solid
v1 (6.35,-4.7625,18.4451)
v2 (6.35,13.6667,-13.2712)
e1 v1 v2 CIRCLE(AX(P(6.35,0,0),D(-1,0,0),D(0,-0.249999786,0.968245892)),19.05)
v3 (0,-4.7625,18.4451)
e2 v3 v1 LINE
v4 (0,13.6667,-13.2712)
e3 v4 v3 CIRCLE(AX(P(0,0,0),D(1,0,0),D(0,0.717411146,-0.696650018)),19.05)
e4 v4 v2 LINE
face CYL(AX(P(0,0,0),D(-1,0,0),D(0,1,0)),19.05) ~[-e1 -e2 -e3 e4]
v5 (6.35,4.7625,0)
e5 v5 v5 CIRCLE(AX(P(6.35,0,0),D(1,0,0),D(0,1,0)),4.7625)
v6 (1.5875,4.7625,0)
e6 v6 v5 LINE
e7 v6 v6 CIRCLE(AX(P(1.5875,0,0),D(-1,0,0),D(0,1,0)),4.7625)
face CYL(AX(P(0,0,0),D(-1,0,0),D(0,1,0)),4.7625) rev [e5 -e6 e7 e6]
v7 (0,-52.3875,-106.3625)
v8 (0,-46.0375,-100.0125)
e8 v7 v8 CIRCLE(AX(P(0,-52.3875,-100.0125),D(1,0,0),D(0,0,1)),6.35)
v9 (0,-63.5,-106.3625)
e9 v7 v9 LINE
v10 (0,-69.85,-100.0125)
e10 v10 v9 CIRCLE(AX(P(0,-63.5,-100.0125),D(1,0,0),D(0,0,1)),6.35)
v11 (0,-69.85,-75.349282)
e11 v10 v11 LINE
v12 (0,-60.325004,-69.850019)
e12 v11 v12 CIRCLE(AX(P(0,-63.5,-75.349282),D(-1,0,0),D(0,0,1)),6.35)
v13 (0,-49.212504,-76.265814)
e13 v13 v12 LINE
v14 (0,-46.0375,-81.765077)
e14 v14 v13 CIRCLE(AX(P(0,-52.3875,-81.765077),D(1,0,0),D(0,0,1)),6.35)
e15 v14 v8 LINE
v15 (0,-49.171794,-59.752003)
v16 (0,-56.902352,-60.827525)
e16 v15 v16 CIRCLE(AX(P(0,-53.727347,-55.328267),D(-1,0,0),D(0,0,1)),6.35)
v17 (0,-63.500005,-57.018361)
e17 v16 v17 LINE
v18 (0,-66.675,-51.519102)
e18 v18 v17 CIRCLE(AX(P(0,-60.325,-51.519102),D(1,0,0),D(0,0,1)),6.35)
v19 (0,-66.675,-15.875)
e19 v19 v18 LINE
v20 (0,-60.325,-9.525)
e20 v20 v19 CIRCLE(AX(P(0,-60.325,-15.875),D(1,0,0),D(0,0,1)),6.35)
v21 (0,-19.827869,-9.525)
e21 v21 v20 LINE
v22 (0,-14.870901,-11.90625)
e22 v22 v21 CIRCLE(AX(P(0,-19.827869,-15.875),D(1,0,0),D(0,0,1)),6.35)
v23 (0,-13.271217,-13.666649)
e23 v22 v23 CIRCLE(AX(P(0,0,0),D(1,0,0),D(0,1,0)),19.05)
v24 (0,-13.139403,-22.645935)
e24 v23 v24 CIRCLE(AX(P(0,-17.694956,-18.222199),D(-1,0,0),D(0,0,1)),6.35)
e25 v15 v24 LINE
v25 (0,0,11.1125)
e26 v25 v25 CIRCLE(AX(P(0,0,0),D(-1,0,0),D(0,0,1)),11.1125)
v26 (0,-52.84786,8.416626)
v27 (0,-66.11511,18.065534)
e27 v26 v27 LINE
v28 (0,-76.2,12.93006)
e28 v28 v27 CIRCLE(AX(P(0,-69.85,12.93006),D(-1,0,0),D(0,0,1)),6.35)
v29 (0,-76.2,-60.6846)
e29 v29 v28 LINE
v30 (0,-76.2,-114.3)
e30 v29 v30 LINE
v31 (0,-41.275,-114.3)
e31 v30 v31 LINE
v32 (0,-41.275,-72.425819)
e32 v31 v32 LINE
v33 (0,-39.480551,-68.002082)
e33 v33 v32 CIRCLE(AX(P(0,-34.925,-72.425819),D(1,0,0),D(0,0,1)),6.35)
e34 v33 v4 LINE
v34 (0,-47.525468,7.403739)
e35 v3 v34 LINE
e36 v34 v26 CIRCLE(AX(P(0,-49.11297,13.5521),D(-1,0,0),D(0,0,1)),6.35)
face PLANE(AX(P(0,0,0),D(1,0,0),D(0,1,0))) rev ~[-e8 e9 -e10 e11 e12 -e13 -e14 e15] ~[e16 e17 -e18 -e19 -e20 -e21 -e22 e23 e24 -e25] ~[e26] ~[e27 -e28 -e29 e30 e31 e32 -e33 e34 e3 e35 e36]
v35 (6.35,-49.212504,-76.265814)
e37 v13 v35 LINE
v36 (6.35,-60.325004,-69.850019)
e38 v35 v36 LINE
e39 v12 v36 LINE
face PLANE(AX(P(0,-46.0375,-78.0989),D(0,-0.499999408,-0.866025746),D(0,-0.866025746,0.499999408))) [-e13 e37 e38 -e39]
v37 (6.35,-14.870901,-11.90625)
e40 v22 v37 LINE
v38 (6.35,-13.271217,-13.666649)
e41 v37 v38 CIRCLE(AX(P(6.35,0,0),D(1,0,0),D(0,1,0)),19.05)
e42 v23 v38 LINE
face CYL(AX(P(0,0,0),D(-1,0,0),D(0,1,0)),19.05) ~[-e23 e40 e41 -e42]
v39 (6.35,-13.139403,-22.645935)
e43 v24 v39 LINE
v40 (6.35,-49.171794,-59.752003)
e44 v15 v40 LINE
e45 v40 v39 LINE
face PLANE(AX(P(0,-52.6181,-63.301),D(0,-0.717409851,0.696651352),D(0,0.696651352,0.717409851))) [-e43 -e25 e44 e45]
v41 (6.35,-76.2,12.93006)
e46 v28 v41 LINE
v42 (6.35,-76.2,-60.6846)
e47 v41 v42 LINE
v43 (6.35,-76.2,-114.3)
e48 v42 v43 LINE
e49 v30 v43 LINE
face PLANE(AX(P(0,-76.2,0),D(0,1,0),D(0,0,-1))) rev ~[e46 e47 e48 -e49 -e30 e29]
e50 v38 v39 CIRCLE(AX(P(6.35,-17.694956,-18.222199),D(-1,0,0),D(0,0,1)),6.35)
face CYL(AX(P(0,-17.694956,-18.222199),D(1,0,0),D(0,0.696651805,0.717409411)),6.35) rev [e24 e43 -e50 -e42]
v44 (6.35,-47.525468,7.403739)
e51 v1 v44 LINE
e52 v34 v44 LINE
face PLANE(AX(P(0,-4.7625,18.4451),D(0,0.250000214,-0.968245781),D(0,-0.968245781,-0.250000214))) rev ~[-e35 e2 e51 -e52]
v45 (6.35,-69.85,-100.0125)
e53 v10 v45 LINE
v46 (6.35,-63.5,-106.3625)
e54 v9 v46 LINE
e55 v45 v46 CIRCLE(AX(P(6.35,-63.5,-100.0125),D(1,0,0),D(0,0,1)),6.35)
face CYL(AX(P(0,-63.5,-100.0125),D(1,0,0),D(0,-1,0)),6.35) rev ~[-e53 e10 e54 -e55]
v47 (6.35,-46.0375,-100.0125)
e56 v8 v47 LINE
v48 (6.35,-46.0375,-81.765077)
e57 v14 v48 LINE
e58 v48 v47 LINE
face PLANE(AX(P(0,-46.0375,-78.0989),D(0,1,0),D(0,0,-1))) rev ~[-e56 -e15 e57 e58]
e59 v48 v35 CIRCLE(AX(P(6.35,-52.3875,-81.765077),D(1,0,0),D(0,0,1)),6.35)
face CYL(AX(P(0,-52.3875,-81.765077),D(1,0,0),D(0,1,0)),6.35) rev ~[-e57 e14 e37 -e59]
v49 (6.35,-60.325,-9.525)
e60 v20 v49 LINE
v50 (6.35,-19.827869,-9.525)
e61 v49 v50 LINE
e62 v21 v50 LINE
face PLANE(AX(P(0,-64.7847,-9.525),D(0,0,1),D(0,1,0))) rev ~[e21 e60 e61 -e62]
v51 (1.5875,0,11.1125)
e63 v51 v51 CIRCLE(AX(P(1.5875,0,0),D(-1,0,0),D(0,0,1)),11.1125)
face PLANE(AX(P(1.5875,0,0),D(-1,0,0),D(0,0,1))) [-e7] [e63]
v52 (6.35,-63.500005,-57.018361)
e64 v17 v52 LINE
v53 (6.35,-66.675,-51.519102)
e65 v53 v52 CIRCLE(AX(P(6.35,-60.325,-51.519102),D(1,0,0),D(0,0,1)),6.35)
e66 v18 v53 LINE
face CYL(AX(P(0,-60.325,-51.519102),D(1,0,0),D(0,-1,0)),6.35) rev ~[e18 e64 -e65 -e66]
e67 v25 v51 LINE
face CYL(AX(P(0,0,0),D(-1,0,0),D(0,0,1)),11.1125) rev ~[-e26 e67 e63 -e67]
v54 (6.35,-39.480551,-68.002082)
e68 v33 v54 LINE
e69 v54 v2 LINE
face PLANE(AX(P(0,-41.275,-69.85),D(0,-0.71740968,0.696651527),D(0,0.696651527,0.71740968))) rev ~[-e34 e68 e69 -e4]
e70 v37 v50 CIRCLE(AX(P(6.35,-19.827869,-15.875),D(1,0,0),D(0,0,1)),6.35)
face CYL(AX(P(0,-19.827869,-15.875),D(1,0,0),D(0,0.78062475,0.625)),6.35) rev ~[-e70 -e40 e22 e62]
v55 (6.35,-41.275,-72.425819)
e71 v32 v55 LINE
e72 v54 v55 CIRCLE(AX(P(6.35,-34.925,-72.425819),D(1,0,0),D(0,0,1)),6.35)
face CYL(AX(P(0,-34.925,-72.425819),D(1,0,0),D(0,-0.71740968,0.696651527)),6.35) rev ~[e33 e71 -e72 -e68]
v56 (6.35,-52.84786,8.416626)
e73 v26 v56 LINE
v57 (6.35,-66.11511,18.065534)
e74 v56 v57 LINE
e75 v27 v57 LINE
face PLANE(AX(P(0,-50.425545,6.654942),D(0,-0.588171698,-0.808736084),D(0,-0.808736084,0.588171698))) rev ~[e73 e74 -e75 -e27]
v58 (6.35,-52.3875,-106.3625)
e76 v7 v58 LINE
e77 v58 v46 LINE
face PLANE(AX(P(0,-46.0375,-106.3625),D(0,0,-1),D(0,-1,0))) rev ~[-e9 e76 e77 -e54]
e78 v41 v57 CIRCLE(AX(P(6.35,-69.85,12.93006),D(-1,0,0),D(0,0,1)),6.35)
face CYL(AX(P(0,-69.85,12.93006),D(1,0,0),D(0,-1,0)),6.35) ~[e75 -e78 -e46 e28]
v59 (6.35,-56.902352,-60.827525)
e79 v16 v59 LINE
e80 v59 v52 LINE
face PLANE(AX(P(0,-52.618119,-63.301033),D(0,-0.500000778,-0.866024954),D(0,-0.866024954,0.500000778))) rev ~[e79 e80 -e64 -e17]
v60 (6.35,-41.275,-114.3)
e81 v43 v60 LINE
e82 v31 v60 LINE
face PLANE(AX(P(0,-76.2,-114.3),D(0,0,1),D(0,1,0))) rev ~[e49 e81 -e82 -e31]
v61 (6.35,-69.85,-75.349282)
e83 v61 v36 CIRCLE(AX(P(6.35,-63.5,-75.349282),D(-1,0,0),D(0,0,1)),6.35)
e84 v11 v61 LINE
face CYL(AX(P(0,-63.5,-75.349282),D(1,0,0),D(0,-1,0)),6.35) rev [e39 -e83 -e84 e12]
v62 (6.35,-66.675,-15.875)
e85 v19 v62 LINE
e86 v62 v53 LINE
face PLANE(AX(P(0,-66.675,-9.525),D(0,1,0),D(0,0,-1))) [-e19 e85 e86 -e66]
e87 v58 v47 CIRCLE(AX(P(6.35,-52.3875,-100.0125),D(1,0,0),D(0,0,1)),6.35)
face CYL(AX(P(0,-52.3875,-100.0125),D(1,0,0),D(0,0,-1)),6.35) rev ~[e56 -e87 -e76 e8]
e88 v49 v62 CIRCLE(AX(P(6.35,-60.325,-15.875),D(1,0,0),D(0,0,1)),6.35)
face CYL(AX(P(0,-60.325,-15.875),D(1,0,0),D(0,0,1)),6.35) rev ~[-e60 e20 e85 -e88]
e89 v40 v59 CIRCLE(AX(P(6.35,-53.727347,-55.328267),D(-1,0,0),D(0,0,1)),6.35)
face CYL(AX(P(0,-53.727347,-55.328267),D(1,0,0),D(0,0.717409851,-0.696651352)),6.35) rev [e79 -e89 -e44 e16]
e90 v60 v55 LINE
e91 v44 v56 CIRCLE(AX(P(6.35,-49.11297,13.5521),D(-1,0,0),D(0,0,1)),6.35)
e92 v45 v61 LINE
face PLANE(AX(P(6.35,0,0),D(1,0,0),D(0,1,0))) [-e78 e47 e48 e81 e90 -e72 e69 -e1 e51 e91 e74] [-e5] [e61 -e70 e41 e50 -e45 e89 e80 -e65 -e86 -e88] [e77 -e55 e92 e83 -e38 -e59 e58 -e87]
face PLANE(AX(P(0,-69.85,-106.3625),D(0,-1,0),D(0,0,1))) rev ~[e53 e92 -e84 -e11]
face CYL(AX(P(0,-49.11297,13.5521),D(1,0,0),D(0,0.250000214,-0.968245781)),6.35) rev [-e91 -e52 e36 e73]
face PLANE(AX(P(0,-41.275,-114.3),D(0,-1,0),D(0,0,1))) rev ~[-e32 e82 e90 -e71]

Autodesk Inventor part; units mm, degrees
ref_plane "YZ Plane" through (0, 0, 0) normal (1, 0, 0) x (0, 1, 0)
ref_plane "XZ Plane" through (0, 0, 0) normal (0, 1, 0) x (-1, 0, 0)
ref_plane "XY Plane" through (0, 0, 0) normal (0, 0, 1) x (1, 0, 0)
sketch "Sketch1" plane through (0, 0, 0) normal (1, 0, 0) x (0, 1, 0)
  circle A0 centre (0, 0) radius 4.7625
  line L0 (0, 0) -> (-76.2, 0) construction
  circle A1 centre (0, 0) radius 19.05
  line L1 (-4.7625, 18.4451) -> (-76.2, 0)
  line L2 (-76.2, 0) -> (-76.2, -114.3)
  circle A2 centre (0, 0) radius 76.2 construction
  line L3 (-76.2, -114.3) -> (-41.275, -114.3)
  line L4 (-41.275, -114.3) -> (-41.275, -69.85)
  line L5 (-41.275, -69.85) -> (-76.2, -49.686)
  line L6 (-41.275, -69.85) -> (13.6667, -13.2712)
  line L7 (-52.6181, -63.301) -> (-7.9567, -17.3088)
  line L8 (-66.675, -9.525) -> (-66.675, -55.1853)
  line L9 (-46.0375, -78.0989) -> (-76.2, -60.6846)
  line L10 (-46.0375, -78.0989) -> (-46.0375, -106.3625)
  line L11 (-46.0375, -106.3625) -> (-69.85, -106.3625)
  line L12 (-69.85, -106.3625) -> (-69.85, -64.3507)
  line L13 (-66.675, -9.525) -> (-64.7847, -9.525)
  line L14 (-64.7847, -9.525) -> (-16.4978, -9.525)
  line L15 (-76.2, 0) -> (-41.275, 0)
  line L16 (-41.275, 0) -> (-41.275, 25.4) construction
  line L17 (-41.275, 25.4) -> (-76.2, 25.4) construction
  line L18 (-76.2, 25.4) -> (-76.2, 0)
  line L19 (-41.275, 0) -> (-76.2, 25.4)
  point P0 (-50.4255, 6.6549)
  dimension "d0" = 9.525
  dimension "d1" = 76.2
  dimension "d2" = 38.1
  dimension "d3" = 114.3
  dimension "d4" = 152.4
  dimension "d5" = 34.925
  dimension "d6" = 44.45
  dimension "d7" = 60
  dimension "d9" = 12.7
  dimension "d10" = 9.525
  dimension "d11" = 9.525
  dimension "d12" = 7.9375
  dimension "d13" = 6.35
  dimension "d14" = 4.7625
  dimension "d17" = 9.525
  dimension "d19" = 34.925
  dimension "d20" = 25.4
extrude "Extrusion1" add sketch "Sketch1" along normal blind 6.35 contours A1 | A1 L14 L13 L8 L5 L2 L15 L19 L1 | L6 L5 L7 A1 | L19 L15 L1 | L1 L18 L19 | L4 L3 L2 L5
fillet "Fillet1" radius 6.35 10 edges at (3.175, -7.9567, -17.3088) (3.175, -16.4978, -9.525) (3.175, -52.6181, -63.301) (3.175, -66.675, -9.525) (3.175, -66.675, -55.1853) (3.175, -69.85, -64.3507) (3.175, -46.0375, -78.0989) (3.175, -46.0375, -106.3625) (3.175, -69.85, -106.3625) (3.175, -41.275, -69.85)
fillet "Fillet2" radius 6.35 2 edges at (3.175, -76.2, 25.4) (3.175, -50.4255, 6.6549)
sketch "Sketch2" plane through (0, 0, 0) normal (-1, 0, 0) x (0, 0, 1)
  circle A0 centre (0, 0) radius 11.1125
  dimension "d24" = 22.225
extrude "Extrusion2" cut sketch "Sketch2" against normal blind 1.5875
equation "\"d9\" = d8"
equation "\"d8\" = 12.7"
properties part number "Upright" material "Aluminum 6061"
